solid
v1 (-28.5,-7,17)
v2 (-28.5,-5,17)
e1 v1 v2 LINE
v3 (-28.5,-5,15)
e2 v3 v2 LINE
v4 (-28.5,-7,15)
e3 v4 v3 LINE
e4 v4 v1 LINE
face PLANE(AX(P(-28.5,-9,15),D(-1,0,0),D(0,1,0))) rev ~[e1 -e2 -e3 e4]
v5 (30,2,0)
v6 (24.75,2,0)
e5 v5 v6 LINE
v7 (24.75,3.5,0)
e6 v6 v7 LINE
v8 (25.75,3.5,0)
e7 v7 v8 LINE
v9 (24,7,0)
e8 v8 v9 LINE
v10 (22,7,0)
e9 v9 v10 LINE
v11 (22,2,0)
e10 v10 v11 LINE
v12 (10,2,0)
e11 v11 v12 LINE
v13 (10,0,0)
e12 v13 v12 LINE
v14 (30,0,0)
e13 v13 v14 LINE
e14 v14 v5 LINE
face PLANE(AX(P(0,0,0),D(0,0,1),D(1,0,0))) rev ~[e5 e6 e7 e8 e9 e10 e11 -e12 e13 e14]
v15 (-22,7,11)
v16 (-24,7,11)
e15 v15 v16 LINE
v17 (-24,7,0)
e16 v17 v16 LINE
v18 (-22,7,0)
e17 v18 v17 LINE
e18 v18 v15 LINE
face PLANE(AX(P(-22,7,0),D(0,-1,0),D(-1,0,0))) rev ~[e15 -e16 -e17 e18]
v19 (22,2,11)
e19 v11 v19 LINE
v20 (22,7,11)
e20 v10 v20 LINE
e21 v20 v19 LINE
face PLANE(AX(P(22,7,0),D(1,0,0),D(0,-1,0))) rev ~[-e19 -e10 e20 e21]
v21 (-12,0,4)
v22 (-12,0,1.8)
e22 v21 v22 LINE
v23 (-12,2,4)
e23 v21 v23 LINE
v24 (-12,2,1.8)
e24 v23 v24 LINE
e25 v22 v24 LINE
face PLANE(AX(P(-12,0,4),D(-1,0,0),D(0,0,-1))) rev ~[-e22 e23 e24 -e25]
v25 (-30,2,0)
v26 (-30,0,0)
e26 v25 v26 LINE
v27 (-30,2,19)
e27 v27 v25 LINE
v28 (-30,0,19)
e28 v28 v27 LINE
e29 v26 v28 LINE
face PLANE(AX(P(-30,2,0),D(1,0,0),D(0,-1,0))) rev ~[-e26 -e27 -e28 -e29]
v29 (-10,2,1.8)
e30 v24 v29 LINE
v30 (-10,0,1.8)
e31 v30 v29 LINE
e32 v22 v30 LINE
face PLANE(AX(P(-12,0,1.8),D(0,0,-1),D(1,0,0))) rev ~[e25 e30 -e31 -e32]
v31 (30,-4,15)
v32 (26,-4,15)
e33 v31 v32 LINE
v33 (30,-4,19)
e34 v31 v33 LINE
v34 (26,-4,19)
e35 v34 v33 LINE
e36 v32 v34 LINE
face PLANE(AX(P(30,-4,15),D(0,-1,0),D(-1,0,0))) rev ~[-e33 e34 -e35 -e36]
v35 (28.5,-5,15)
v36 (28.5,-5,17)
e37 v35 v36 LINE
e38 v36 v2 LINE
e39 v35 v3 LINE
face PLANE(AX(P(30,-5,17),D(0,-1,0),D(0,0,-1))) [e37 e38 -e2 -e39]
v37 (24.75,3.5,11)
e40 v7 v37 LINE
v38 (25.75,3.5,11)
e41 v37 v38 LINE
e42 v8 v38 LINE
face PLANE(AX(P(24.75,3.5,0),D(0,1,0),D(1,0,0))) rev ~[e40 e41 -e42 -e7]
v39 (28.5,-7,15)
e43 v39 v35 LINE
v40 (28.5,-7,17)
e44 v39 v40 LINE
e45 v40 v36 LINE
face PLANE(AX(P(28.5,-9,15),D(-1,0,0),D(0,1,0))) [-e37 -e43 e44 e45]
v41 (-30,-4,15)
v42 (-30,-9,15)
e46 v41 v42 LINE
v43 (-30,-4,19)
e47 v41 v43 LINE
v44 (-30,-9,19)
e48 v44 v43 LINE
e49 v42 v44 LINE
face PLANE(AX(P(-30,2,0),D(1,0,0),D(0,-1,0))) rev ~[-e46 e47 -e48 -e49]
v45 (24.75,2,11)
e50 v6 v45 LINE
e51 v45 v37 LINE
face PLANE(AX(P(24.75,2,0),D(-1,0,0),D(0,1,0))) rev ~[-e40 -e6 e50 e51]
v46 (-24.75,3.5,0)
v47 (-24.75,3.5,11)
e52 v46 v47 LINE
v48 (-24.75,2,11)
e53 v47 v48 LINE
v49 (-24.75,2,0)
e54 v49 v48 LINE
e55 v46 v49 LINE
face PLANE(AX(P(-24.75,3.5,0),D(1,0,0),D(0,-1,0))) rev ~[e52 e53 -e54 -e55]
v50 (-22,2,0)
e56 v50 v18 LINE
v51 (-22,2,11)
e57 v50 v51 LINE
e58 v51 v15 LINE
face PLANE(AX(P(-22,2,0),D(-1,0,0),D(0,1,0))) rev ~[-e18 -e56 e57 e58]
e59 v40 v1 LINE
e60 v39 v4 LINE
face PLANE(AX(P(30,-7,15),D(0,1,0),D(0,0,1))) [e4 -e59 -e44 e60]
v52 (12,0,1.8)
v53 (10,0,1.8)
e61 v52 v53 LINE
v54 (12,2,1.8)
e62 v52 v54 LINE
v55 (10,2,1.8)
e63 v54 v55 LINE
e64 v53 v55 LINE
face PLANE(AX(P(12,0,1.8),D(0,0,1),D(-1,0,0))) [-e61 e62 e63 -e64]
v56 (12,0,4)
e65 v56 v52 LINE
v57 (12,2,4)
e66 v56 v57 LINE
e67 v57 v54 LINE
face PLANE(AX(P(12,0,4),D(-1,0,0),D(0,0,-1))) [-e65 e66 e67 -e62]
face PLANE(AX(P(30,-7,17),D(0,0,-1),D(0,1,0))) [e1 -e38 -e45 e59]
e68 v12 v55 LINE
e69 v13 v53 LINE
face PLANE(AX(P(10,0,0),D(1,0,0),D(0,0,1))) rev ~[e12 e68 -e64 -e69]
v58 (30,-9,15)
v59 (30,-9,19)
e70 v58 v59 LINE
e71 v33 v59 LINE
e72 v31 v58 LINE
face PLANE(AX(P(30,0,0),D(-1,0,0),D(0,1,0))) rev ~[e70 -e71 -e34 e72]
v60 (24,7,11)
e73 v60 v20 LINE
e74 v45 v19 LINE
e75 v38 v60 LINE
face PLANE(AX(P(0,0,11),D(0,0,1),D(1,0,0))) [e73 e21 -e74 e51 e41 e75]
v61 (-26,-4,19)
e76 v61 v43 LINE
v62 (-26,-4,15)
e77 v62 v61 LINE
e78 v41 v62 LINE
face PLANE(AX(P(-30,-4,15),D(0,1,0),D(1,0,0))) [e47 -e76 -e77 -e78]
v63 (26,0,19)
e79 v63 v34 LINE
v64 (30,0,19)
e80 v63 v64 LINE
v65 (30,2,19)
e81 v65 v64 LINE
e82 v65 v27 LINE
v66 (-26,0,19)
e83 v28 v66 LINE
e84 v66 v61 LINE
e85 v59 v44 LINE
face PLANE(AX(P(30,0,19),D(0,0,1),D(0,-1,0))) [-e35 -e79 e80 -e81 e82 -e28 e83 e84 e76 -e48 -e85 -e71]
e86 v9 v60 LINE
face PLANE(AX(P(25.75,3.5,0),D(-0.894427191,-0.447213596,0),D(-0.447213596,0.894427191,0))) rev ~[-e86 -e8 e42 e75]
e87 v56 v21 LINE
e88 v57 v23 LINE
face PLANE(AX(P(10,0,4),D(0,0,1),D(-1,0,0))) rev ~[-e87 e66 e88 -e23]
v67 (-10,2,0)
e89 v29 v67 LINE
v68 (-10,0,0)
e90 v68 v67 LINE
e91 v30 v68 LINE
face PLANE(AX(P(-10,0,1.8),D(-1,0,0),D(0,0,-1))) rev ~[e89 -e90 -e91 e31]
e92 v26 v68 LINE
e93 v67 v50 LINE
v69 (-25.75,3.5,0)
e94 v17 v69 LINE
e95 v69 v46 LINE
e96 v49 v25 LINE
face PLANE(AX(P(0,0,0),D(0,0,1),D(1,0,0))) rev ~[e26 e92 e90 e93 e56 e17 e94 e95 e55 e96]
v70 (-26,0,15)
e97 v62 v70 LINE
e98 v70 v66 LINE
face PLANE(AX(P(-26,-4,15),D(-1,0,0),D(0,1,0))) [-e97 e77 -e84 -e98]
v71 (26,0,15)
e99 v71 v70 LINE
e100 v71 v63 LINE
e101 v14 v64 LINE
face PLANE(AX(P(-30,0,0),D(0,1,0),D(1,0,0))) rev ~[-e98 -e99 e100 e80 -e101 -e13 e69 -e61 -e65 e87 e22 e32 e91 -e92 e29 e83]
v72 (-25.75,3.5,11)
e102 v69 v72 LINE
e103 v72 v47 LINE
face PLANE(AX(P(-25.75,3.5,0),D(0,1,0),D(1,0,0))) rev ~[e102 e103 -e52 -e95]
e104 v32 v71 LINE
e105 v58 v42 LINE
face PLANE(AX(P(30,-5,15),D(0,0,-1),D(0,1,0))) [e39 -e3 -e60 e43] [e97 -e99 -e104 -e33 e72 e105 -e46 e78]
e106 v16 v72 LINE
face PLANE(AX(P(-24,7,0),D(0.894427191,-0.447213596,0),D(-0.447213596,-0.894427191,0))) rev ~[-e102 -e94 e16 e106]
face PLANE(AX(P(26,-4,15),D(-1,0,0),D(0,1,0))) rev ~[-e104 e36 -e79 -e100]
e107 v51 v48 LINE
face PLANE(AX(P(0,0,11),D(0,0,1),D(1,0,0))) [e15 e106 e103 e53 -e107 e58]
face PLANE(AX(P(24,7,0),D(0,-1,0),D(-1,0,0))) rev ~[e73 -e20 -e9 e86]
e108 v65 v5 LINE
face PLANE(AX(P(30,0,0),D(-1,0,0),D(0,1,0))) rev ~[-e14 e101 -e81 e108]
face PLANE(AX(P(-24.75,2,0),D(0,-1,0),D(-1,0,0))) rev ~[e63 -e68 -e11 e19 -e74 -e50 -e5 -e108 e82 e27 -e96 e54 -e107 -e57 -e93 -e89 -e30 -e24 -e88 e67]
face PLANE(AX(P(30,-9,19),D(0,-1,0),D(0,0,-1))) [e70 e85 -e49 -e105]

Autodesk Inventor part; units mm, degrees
ref_plane "YZ Plane" through (0, 0, 0) normal (1, 0, 0) x (0, 1, 0)
ref_plane "XZ Plane" through (0, 0, 0) normal (0, 1, 0) x (-1, 0, 0)
ref_plane "XY Plane" through (0, 0, 0) normal (0, 0, 1) x (1, 0, 0)
sketch "Skizze1" plane through (0, 0, 0) normal (0, 0, 1) x (1, 0, 0)
  line L0 (-30, 0) -> (30, 0)
  line L1 (30, 0) -> (30, 2)
  line L2 (30, 2) -> (24.75, 2)
  line L3 (24.75, 2) -> (24.75, 3.5)
  line L4 (24.75, 3.5) -> (25.75, 3.5)
  line L5 (25.75, 3.5) -> (24, 7)
  line L6 (24, 7) -> (22, 7)
  line L7 (22, 7) -> (22, 2)
  line L8 (22, 2) -> (-22, 2)
  line L9 (-22, 2) -> (-22, 7)
  line L10 (-22, 7) -> (-24, 7)
  line L11 (-24, 7) -> (-25.75, 3.5)
  line L12 (-25.75, 3.5) -> (-24.75, 3.5)
  line L13 (-24.75, 3.5) -> (-24.75, 2)
  line L14 (-24.75, 2) -> (-30, 2)
  line L15 (-30, 2) -> (-30, 0)
  point P0 (0, 0)
  point P1 (0, 0)
  dimension "d0" = 49.5
  dimension "d1" = 24.75
  dimension "d2" = 5.25
  dimension "d3" = 5.25
  dimension "d4" = 1
  dimension "d5" = 1
  dimension "d6" = 44
  dimension "d7" = 2
  dimension "d8" = 22
  dimension "d9" = 2
  dimension "d10" = 5
  dimension "d11" = 2
  dimension "d12" = 2
  dimension "d13" = 1.5
extrude "Extrusion1" add sketch "Skizze1" along normal blind 11
sketch "Skizze2" plane through (30, 0, 0) normal (1, 0, 0) x (0, 0, -1)
  line L0 (-11, 0) -> (-11, 2) projected
  line L1 (-19, 0) -> (-19, -9)
  line L2 (-19, -9) -> (-15, -9)
  line L3 (-15, -9) -> (-15, -7)
  line L4 (-15, -7) -> (-17, -7)
  line L5 (-17, -7) -> (-17, -5)
  line L6 (-17, -5) -> (-15, -5)
  line L7 (-15, -5) -> (-15, 0)
  line L8 (0, 0) -> (-11, 0) projected
  line L9 (-11, 2) -> (-11, 0) projected
  line L10 (-15, 0) -> (-11, 0)
  line L11 (-11, 2) -> (-11, 7) projected
  line L12 (-11, 0) -> (-11, 2)
  line L13 (-11, 2) -> (-19, 2)
  line L14 (-19, 2) -> (-19, 0)
  point P0 (-11, 1)
  dimension "d16" = 9
  dimension "d17" = 4
  dimension "d18" = 2
  dimension "d19" = 2
  dimension "d20" = 2
  dimension "d23" = 4
  dimension "d24" = 2
extrude "Extrusion2" add sketch "Skizze2" against normal up to surface (60 mm away)
sketch "Skizze3" plane through (30, -5, 15) normal (0, 0, -1) x (-1, 0, 0)
  line L0 (60, 7) -> (60, -4) projected
  line L1 (0, 0) -> (60, 0) projected
  line L2 (60, -4) -> (58.5, -4)
  line L3 (58.5, -4) -> (58.5, 0)
  line L4 (58.5, 0) -> (60, 0)
  line L5 (60, 0) -> (60, -4)
  line L6 (0, 7) -> (0, -4) projected
  line L7 (0, -4) -> (1.5, -4)
  line L8 (1.5, -4) -> (1.5, 0)
  line L9 (1.5, 0) -> (0, 0)
  line L10 (0, 0) -> (0, -4)
  line L11 (60, 5) -> (0, 5) projected
  point P0 (30, 5)
  point P1 (30, 5)
  point P2 (1.5, 0)
  dimension "d25" = 57
  dimension "d26" = 28.5
extrude "Extrusion3" add sketch "Skizze3" against normal up to surface (2 mm away) contours L0 L2 L3 L1 | L1 L8 L7 L6
sketch "Skizze4" plane through (-30, 0, 0) normal (0, -1, 0) x (1, 0, 0)
  line L0 (52, 0) -> (8, 0) projected
  line L1 (20, 0) -> (40, 0)
  line L2 (40, 0) -> (40, 4)
  line L3 (40, 4) -> (20, 4)
  line L4 (20, 4) -> (20, 0)
  line L5 (20, 4) -> (18, 4)
  line L6 (18, 4) -> (18, 1.8)
  line L7 (18, 1.8) -> (20, 1.8)
  line L8 (20, 1.8) -> (20, 4)
  line L9 (40, 4) -> (42, 4)
  line L10 (42, 4) -> (42, 1.8)
  line L11 (42, 1.8) -> (40, 1.8)
  line L12 (40, 1.8) -> (40, 4)
  point P0 (30, 0)
  point P1 (40, 2.9)
  point P2 (41, 1.8)
  point P3 (30, 0)
  dimension "d29" = 20
  dimension "d30" = 2
  dimension "d31" = 2
  dimension "d32" = 2.2
  dimension "d33" = 1.8
  dimension "d34" = 10
extrude "Extrusion4" cut sketch "Skizze4" against normal blind 10
sketch "Skizze5" plane through (30, -9, 15) normal (0, 0, -1) x (-1, 0, 0)
  line L0 (0, 11) -> (0, 0) projected
  line L1 (0, 9) -> (60, 9) projected
  line L2 (0, 5) -> (4, 5)
  line L3 (4, 5) -> (4, 9)
  line L4 (4, 9) -> (0, 9)
  line L5 (0, 9) -> (0, 5)
  line L6 (60, 0) -> (60, 9) projected
  line L7 (60, 5) -> (56, 5)
  line L8 (56, 5) -> (56, 9)
  line L9 (56, 9) -> (60, 9)
  line L10 (60, 9) -> (60, 5)
  point P0 (30, 9)
  dimension "d37" = 4
  dimension "d38" = 4
  dimension "d39" = 4
extrude "Extrusion5" cut sketch "Skizze5" against normal blind 10
equation "\"d1\" = 0.5 * d0"
equation "\"d3\" = d2"
equation "\"d5\" = d4"
equation "\"d8\" = 0.5 * d6"
equation "\"d9\" = d7"
equation "\"d26\" = 0.5 * d25"
equation "\"d31\" = d30"
equation "\"d34\" = 0.5 * d29"
equation "\"d38\" = d37"
equation "\"d39\" = d37"
properties part number "Clip"
